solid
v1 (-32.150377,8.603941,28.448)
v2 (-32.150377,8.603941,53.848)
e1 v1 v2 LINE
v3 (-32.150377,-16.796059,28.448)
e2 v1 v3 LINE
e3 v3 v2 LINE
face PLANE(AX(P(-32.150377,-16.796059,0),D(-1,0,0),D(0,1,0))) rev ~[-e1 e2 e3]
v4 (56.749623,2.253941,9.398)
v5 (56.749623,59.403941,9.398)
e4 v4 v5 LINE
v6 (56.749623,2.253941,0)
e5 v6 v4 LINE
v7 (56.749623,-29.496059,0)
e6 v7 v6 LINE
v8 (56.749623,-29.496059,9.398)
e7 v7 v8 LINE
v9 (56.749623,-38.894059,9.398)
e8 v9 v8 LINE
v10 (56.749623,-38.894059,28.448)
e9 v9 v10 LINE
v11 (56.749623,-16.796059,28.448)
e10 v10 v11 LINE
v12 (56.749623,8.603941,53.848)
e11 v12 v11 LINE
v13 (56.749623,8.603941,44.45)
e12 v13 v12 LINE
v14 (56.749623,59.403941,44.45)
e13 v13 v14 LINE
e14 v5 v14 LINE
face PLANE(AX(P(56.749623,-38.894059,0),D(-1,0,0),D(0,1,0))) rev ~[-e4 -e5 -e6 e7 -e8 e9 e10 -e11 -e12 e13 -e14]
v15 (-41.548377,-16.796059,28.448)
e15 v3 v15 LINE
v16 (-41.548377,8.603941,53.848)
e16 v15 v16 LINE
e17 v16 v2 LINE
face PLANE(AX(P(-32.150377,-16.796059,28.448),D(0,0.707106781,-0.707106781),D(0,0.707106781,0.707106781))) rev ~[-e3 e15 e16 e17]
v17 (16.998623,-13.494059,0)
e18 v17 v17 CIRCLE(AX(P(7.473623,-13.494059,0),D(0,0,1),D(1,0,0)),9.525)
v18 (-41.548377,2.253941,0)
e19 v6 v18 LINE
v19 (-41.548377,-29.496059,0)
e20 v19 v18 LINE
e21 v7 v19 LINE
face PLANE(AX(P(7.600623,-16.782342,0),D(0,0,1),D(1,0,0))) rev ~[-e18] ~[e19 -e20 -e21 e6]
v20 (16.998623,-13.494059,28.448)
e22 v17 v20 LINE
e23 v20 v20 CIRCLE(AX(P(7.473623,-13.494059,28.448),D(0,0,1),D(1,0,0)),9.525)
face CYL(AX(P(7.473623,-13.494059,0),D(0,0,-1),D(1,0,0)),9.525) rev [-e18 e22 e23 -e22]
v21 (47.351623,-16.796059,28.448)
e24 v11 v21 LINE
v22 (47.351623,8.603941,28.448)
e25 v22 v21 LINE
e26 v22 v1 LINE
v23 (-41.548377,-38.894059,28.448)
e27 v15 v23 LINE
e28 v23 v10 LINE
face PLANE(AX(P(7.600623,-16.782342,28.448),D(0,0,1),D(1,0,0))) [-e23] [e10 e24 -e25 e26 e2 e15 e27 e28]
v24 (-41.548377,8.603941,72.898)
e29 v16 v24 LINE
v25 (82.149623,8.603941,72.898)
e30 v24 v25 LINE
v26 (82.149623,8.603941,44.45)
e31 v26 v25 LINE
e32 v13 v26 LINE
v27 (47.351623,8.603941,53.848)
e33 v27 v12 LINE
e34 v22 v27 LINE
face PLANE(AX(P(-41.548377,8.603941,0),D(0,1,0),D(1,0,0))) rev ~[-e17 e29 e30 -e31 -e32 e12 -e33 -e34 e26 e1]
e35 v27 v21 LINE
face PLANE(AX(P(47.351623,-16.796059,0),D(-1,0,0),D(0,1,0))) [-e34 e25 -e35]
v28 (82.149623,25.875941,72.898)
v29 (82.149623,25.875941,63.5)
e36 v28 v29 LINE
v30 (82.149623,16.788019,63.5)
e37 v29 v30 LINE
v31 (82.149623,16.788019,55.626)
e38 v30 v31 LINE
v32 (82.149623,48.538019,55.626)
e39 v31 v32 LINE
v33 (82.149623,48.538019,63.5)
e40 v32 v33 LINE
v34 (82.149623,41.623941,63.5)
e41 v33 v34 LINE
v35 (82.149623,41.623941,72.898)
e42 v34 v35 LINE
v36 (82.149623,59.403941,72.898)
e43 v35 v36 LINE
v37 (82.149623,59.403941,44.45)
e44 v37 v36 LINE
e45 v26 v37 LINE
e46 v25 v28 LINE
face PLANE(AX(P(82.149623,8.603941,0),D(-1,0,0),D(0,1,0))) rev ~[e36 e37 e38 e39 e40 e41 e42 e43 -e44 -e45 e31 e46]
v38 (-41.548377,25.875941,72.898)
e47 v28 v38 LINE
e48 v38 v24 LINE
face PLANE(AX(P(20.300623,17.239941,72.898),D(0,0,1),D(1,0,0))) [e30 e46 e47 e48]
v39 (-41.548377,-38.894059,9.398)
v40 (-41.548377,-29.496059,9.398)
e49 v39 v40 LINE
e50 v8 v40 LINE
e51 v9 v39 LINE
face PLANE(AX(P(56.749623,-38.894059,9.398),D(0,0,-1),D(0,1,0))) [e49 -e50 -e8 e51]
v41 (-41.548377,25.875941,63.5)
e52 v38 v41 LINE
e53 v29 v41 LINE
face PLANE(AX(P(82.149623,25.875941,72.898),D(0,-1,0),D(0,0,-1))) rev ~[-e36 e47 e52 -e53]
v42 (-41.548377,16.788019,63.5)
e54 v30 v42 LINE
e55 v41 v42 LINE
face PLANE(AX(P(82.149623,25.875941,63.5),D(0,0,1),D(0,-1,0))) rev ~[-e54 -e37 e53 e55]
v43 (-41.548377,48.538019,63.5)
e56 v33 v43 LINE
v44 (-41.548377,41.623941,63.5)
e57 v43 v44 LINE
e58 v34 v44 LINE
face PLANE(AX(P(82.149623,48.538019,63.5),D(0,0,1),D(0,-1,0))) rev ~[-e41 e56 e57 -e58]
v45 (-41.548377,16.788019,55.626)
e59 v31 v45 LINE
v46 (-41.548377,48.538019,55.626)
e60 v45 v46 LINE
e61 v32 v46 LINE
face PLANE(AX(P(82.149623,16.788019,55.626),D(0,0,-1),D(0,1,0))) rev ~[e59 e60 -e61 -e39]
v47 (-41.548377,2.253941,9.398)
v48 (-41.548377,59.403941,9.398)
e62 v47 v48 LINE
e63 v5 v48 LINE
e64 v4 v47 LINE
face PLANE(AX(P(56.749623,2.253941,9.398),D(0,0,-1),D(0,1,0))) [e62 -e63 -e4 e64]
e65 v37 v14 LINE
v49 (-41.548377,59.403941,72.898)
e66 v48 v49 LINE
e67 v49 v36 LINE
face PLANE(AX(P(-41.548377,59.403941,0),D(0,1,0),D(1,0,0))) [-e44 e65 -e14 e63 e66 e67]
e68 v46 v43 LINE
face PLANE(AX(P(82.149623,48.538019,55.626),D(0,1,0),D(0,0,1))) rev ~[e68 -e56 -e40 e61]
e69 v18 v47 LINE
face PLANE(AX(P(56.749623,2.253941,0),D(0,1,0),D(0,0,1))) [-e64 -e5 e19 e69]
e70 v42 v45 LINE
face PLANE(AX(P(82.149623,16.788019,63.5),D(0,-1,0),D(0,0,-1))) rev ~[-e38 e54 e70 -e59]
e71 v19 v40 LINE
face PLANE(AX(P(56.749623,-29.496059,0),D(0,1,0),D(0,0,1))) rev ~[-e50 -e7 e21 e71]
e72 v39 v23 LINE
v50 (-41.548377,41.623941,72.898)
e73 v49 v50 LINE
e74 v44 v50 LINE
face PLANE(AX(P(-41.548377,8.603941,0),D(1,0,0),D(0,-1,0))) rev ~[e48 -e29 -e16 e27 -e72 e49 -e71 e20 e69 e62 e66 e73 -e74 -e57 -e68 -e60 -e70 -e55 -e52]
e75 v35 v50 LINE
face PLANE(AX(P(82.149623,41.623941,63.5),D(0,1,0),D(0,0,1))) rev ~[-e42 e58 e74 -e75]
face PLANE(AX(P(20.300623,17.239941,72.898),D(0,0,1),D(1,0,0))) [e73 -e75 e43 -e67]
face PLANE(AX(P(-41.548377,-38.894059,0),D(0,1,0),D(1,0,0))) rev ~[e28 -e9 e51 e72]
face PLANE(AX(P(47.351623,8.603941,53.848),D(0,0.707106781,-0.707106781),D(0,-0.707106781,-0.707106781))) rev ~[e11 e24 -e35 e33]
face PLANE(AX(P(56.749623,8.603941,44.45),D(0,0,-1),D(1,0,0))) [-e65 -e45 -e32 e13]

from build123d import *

# Parameters (mm, degrees)
F0_W      = 123.698
F0_H      = 15.748
F0_H_2    = 17.78
F1_DEPTH  = 72.898
F0_R      = 9.525
F0_W_2    = 9.398
F0_H_3    = 25.4
F2_DEPTH  = 28.448
F3_DEPTH  = 53.848
F5_W      = 50.8
F5_H      = 40.1962287724
F7_DEPTH  = 25.4
F4_W      = 9.398
F4_H      = 9.398
F8_DEPTH  = 110.998
F9_W      = 57.15
F9_H      = 9.398
F10_DEPTH = 120.396
F12_DEPTH = 25.4
F14_DEPTH = 25.4
F6_W      = 25.4
F6_H      = 44.45
F16_DEPTH = 65.532
F17_DEPTH = 161.036


with BuildPart() as f1:
    # F0 (on Top) → F1 (new body)
    with BuildSketch(Plane.XY):
        Polygon((82.1496228902, 25.8759405019), (-41.5483771098, 25.8759405019), (-41.5483771098, 8.6039405019), (-32.1503771098, 8.6039405019), (47.3516228902, 8.6039405019), (56.7496228902, 8.6039405019), (82.1496228902, 8.6039405019), align=None)
        with Locations((20.3006228902, 33.7499405019)):
            Rectangle(F0_W, F0_H)
        with Locations((20.3006228902, 50.5139405019)):
            Rectangle(F0_W, F0_H_2)
    extrude(amount=F1_DEPTH)

    # F0 (on Top) → F2 (join)
    with BuildSketch(Plane.XY):
        Polygon((47.3516228902, 8.6039405019), (-32.1503771098, 8.6039405019), (-32.1503771098, -16.7960594981), (-41.5483771098, -16.7960594981), (-41.5483771098, -38.8940594981), (56.7496228902, -38.8940594981), (56.7496228902, -16.7960594981), (47.3516228902, -16.7960594981), align=None)
        with Locations((7.4736228902, -13.4940594981)):
            Circle(F0_R, mode=Mode.SUBTRACT)
        with Locations((52.0506228902, -4.0960594981)):
            Rectangle(F0_W_2, F0_H_3)
        with Locations((-36.8493771098, -4.0960594981)):
            Rectangle(F0_W_2, F0_H_3)
    extrude(amount=F2_DEPTH)

    # F0 (on Top) → F3 (join)
    with BuildSketch(Plane.XY):
        with Locations((52.0506228902, -4.0960594981)):
            Rectangle(F0_W_2, F0_H_3)
        with Locations((-36.8493771098, -4.0960594981)):
            Rectangle(F0_W_2, F0_H_3)
    extrude(amount=F3_DEPTH)

    # F5 (on face) → F7 (cut)
    with BuildSketch(Plane.YZ.offset(82.1496228902)):
        with Locations((34.0039405019, 20.0981143862)):
            Rectangle(F5_W, F5_H)
    extrude(amount=-F7_DEPTH, mode=Mode.SUBTRACT)

    # F4 (on face) → F8 (cut)
    with BuildSketch(Plane.YZ.offset(56.7496228902)):
        with Locations((-34.1950594981, 4.699)):
            Rectangle(F4_W, F4_H)
    extrude(amount=-F8_DEPTH, mode=Mode.SUBTRACT)

    # F9 (on face) → F10 (cut)
    with BuildSketch(Plane.YZ.offset(56.7496228902)):
        with Locations((30.8289405019, 4.699)):
            Rectangle(F9_W, F9_H)
    extrude(amount=-F10_DEPTH, mode=Mode.SUBTRACT)

    # F11 (on face) → F12 (cut)
    with BuildSketch(Plane.YZ.offset(-32.1503771098)):
        Polygon((-16.7960594981, 53.848), (-16.7960594981, 28.448), (8.6039405019, 53.848), align=None)
    extrude(amount=-F12_DEPTH, mode=Mode.SUBTRACT)

    # F13 (on face) → F14 (cut)
    with BuildSketch(Plane(origin=(47.3516228902, 0, 0), x_dir=(0, -1, 0), z_dir=(-1, 0, 0))):
        Polygon((16.7960594981, 53.848), (-8.6039405019, 53.848), (16.7960594981, 28.448), align=None)
    extrude(amount=-F14_DEPTH, mode=Mode.SUBTRACT)

    # F6 (on face) → F16 (cut)
    with BuildSketch(Plane.XZ.offset(-8.6039405019)):
        with Locations((69.4496228902, 22.225)):
            Rectangle(F6_W, F6_H)
    extrude(amount=-F16_DEPTH, mode=Mode.SUBTRACT)

    # F15 (on face) → F17 (cut)
    with BuildSketch(Plane.YZ.offset(82.1496228902)):
        Polygon((41.6239405019, 72.898), (25.8759405019, 72.898), (25.8759405019, 63.5), (16.7880188674, 63.5), (16.7880188674, 55.626), (48.5380188674, 55.626), (48.5380188674, 63.5), (41.6239405019, 63.5), align=None)
    extrude(amount=-F17_DEPTH, mode=Mode.SUBTRACT)


solid = f1.part
